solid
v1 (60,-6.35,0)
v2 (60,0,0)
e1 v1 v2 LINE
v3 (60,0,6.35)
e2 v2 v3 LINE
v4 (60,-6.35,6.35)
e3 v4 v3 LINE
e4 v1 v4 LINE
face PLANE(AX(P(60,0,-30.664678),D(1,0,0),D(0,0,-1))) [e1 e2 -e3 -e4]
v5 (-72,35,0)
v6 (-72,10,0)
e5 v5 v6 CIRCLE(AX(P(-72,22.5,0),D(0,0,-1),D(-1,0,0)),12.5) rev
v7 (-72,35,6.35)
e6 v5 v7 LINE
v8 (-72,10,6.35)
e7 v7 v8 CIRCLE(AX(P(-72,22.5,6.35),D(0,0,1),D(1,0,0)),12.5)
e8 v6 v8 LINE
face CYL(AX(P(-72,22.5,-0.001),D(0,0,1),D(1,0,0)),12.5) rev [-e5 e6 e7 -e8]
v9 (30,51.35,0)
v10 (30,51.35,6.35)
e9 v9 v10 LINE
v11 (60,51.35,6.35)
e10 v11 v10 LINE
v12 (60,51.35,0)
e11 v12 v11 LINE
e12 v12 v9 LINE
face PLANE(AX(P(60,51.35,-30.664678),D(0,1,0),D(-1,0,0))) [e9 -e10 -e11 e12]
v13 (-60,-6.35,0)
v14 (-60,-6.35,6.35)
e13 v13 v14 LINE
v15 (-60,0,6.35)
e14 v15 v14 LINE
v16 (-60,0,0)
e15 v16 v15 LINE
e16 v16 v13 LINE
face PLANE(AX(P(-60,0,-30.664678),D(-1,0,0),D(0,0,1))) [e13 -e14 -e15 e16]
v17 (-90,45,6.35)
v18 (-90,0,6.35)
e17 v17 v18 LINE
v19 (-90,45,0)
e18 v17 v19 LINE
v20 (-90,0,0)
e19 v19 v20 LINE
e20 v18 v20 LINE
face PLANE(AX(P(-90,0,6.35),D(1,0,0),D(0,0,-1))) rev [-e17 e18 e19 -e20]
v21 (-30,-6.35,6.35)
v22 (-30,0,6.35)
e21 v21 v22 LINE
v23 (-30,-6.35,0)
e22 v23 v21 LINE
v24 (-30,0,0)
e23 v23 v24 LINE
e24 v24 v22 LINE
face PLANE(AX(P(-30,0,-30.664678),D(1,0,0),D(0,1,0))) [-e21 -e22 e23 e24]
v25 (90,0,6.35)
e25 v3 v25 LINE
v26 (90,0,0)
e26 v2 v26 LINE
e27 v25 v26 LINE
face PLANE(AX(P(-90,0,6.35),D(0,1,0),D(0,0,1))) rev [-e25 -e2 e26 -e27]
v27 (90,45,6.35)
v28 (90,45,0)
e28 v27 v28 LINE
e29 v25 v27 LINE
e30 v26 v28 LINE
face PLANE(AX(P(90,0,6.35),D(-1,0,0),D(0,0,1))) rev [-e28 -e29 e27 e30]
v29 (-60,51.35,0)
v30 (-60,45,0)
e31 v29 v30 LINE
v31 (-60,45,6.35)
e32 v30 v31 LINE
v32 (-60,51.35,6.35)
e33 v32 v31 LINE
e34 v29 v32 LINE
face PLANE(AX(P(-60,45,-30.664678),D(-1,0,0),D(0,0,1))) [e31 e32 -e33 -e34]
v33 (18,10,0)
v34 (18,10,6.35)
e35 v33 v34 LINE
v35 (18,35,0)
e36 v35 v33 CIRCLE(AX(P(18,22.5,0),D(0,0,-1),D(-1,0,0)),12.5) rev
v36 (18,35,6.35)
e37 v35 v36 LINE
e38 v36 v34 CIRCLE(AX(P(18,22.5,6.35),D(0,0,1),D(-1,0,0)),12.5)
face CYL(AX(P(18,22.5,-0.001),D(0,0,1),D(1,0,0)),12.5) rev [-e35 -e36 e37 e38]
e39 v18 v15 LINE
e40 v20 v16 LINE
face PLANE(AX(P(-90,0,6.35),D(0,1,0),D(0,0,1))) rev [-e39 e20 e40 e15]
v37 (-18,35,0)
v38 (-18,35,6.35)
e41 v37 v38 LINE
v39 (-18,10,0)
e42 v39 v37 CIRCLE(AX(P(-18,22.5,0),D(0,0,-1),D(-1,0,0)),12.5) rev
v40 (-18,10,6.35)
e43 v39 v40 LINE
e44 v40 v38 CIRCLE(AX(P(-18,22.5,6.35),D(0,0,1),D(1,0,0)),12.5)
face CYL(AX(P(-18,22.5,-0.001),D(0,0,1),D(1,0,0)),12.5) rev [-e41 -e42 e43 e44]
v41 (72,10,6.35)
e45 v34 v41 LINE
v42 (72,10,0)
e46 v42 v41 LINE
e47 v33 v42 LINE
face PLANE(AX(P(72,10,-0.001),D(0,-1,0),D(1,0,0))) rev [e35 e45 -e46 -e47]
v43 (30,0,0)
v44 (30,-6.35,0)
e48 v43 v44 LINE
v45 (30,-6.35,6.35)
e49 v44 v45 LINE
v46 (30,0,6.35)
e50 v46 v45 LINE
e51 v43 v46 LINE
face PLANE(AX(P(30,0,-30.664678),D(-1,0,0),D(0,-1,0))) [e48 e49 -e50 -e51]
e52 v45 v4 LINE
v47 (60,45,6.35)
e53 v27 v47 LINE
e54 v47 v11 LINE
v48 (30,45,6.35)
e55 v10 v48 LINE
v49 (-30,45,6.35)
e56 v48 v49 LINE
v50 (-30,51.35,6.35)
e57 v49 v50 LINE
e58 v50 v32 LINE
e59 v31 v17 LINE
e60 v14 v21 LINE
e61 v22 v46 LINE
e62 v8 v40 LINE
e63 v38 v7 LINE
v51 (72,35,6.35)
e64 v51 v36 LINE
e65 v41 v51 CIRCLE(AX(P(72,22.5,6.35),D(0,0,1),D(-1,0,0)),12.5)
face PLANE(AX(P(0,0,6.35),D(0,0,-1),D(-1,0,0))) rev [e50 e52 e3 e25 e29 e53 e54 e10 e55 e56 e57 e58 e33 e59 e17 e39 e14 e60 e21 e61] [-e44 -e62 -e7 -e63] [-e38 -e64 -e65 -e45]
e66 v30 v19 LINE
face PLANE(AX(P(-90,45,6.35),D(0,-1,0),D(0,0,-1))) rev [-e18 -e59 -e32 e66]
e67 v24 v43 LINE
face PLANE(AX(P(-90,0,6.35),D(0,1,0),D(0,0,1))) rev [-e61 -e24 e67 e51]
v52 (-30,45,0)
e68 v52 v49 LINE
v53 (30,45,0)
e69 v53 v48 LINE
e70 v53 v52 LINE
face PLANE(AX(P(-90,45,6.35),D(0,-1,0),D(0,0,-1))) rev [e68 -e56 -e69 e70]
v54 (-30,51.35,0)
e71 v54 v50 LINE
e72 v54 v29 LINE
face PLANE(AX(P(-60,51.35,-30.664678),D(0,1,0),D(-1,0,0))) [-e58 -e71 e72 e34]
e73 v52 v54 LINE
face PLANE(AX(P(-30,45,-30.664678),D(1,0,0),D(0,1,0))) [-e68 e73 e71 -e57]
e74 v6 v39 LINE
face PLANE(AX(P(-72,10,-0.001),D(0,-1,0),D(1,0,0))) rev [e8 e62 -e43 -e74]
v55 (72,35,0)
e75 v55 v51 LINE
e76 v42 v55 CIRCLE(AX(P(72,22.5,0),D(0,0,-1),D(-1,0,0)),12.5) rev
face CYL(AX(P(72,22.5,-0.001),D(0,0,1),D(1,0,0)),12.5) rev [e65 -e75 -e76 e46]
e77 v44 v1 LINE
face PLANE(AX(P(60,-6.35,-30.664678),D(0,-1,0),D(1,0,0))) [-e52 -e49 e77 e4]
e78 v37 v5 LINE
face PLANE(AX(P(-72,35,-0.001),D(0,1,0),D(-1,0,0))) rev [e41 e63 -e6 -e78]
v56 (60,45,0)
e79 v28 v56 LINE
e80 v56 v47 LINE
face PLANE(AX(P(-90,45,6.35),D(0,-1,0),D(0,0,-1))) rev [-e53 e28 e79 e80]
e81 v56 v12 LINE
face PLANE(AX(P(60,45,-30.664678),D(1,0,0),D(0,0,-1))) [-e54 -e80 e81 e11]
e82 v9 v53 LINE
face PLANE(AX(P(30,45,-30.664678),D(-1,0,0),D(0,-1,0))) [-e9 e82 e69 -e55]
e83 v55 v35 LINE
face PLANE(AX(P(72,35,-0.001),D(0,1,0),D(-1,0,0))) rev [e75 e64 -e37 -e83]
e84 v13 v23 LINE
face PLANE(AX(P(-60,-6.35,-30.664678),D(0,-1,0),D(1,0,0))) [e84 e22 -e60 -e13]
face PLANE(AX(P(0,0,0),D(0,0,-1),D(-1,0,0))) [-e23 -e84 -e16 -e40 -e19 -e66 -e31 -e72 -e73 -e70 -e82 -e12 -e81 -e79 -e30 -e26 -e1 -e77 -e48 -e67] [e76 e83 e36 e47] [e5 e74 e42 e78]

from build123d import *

# Parameters (mm, degrees)
ESQUISSE1_W             = 180
ESQUISSE1_H             = 45
BOSS_EXTRU_1_DEPTH      = 6.35
ENL_V_MAT_EXTRU_1_REACH = 102.823
ESQUISSE3_W             = 30
ESQUISSE3_H             = 6.35
BOSS_EXTRU_2_DEPTH      = 6.35


with BuildPart() as part:
    # Esquisse1 → Boss.-Extru.1 (new body)
    with BuildSketch(Plane.XY):
        with Locations((0, 22.5)):
            Rectangle(ESQUISSE1_W, ESQUISSE1_H)
    extrude(amount=BOSS_EXTRU_1_DEPTH)

    # Esquisse2 → Enlèv. mat.-Extru.1 (cut, up to next)
    with BuildSketch(Plane.XY.offset(6.35), mode=Mode.PRIVATE) as enl_v_mat_extru_1_sk1:
        with BuildLine():
            Line((-72, 35), (-18, 35))
            ThreePointArc((-18, 35), (-5.5, 22.5), (-18, 10))
            Line((-18, 10), (-72, 10))
            ThreePointArc((-72, 10), (-84.5, 22.5), (-72, 35))
        make_face()
    enl_v_mat_extru_1_tool1 = extrude(enl_v_mat_extru_1_sk1.sketch, amount=-ENL_V_MAT_EXTRU_1_REACH, mode=Mode.PRIVATE) & part.part
    # Esquisse2 → Enlèv. mat.-Extru.1 (cut, up to next)
    with BuildSketch(Plane.XY.offset(6.35), mode=Mode.PRIVATE) as enl_v_mat_extru_1_sk2:
        with BuildLine():
            Line((72, 35), (18, 35))
            ThreePointArc((18, 35), (5.5, 22.5), (18, 10))
            Line((18, 10), (72, 10))
            ThreePointArc((72, 10), (84.5, 22.5), (72, 35))
        make_face()
    enl_v_mat_extru_1_tool2 = extrude(enl_v_mat_extru_1_sk2.sketch, amount=-ENL_V_MAT_EXTRU_1_REACH, mode=Mode.PRIVATE) & part.part
    add(enl_v_mat_extru_1_tool1.solids().sort_by_distance((-45, 22.5, 6.35))[0], mode=Mode.SUBTRACT)
    add(enl_v_mat_extru_1_tool2.solids().sort_by_distance((45, 22.5, 6.35))[0], mode=Mode.SUBTRACT)

    # Esquisse3 → Boss.-Extru.2 (add)
    with BuildSketch(Plane.XY.offset(6.35)):
        with Locations((-45, 48.175)):
            Rectangle(ESQUISSE3_W, ESQUISSE3_H)
        with Locations((-45, -3.175)):
            Rectangle(ESQUISSE3_W, ESQUISSE3_H)
        with Locations((45, -3.175)):
            Rectangle(ESQUISSE3_W, ESQUISSE3_H)
        with Locations((45, 48.175)):
            Rectangle(ESQUISSE3_W, ESQUISSE3_H)
    extrude(amount=-BOSS_EXTRU_2_DEPTH)


solid = part.part
